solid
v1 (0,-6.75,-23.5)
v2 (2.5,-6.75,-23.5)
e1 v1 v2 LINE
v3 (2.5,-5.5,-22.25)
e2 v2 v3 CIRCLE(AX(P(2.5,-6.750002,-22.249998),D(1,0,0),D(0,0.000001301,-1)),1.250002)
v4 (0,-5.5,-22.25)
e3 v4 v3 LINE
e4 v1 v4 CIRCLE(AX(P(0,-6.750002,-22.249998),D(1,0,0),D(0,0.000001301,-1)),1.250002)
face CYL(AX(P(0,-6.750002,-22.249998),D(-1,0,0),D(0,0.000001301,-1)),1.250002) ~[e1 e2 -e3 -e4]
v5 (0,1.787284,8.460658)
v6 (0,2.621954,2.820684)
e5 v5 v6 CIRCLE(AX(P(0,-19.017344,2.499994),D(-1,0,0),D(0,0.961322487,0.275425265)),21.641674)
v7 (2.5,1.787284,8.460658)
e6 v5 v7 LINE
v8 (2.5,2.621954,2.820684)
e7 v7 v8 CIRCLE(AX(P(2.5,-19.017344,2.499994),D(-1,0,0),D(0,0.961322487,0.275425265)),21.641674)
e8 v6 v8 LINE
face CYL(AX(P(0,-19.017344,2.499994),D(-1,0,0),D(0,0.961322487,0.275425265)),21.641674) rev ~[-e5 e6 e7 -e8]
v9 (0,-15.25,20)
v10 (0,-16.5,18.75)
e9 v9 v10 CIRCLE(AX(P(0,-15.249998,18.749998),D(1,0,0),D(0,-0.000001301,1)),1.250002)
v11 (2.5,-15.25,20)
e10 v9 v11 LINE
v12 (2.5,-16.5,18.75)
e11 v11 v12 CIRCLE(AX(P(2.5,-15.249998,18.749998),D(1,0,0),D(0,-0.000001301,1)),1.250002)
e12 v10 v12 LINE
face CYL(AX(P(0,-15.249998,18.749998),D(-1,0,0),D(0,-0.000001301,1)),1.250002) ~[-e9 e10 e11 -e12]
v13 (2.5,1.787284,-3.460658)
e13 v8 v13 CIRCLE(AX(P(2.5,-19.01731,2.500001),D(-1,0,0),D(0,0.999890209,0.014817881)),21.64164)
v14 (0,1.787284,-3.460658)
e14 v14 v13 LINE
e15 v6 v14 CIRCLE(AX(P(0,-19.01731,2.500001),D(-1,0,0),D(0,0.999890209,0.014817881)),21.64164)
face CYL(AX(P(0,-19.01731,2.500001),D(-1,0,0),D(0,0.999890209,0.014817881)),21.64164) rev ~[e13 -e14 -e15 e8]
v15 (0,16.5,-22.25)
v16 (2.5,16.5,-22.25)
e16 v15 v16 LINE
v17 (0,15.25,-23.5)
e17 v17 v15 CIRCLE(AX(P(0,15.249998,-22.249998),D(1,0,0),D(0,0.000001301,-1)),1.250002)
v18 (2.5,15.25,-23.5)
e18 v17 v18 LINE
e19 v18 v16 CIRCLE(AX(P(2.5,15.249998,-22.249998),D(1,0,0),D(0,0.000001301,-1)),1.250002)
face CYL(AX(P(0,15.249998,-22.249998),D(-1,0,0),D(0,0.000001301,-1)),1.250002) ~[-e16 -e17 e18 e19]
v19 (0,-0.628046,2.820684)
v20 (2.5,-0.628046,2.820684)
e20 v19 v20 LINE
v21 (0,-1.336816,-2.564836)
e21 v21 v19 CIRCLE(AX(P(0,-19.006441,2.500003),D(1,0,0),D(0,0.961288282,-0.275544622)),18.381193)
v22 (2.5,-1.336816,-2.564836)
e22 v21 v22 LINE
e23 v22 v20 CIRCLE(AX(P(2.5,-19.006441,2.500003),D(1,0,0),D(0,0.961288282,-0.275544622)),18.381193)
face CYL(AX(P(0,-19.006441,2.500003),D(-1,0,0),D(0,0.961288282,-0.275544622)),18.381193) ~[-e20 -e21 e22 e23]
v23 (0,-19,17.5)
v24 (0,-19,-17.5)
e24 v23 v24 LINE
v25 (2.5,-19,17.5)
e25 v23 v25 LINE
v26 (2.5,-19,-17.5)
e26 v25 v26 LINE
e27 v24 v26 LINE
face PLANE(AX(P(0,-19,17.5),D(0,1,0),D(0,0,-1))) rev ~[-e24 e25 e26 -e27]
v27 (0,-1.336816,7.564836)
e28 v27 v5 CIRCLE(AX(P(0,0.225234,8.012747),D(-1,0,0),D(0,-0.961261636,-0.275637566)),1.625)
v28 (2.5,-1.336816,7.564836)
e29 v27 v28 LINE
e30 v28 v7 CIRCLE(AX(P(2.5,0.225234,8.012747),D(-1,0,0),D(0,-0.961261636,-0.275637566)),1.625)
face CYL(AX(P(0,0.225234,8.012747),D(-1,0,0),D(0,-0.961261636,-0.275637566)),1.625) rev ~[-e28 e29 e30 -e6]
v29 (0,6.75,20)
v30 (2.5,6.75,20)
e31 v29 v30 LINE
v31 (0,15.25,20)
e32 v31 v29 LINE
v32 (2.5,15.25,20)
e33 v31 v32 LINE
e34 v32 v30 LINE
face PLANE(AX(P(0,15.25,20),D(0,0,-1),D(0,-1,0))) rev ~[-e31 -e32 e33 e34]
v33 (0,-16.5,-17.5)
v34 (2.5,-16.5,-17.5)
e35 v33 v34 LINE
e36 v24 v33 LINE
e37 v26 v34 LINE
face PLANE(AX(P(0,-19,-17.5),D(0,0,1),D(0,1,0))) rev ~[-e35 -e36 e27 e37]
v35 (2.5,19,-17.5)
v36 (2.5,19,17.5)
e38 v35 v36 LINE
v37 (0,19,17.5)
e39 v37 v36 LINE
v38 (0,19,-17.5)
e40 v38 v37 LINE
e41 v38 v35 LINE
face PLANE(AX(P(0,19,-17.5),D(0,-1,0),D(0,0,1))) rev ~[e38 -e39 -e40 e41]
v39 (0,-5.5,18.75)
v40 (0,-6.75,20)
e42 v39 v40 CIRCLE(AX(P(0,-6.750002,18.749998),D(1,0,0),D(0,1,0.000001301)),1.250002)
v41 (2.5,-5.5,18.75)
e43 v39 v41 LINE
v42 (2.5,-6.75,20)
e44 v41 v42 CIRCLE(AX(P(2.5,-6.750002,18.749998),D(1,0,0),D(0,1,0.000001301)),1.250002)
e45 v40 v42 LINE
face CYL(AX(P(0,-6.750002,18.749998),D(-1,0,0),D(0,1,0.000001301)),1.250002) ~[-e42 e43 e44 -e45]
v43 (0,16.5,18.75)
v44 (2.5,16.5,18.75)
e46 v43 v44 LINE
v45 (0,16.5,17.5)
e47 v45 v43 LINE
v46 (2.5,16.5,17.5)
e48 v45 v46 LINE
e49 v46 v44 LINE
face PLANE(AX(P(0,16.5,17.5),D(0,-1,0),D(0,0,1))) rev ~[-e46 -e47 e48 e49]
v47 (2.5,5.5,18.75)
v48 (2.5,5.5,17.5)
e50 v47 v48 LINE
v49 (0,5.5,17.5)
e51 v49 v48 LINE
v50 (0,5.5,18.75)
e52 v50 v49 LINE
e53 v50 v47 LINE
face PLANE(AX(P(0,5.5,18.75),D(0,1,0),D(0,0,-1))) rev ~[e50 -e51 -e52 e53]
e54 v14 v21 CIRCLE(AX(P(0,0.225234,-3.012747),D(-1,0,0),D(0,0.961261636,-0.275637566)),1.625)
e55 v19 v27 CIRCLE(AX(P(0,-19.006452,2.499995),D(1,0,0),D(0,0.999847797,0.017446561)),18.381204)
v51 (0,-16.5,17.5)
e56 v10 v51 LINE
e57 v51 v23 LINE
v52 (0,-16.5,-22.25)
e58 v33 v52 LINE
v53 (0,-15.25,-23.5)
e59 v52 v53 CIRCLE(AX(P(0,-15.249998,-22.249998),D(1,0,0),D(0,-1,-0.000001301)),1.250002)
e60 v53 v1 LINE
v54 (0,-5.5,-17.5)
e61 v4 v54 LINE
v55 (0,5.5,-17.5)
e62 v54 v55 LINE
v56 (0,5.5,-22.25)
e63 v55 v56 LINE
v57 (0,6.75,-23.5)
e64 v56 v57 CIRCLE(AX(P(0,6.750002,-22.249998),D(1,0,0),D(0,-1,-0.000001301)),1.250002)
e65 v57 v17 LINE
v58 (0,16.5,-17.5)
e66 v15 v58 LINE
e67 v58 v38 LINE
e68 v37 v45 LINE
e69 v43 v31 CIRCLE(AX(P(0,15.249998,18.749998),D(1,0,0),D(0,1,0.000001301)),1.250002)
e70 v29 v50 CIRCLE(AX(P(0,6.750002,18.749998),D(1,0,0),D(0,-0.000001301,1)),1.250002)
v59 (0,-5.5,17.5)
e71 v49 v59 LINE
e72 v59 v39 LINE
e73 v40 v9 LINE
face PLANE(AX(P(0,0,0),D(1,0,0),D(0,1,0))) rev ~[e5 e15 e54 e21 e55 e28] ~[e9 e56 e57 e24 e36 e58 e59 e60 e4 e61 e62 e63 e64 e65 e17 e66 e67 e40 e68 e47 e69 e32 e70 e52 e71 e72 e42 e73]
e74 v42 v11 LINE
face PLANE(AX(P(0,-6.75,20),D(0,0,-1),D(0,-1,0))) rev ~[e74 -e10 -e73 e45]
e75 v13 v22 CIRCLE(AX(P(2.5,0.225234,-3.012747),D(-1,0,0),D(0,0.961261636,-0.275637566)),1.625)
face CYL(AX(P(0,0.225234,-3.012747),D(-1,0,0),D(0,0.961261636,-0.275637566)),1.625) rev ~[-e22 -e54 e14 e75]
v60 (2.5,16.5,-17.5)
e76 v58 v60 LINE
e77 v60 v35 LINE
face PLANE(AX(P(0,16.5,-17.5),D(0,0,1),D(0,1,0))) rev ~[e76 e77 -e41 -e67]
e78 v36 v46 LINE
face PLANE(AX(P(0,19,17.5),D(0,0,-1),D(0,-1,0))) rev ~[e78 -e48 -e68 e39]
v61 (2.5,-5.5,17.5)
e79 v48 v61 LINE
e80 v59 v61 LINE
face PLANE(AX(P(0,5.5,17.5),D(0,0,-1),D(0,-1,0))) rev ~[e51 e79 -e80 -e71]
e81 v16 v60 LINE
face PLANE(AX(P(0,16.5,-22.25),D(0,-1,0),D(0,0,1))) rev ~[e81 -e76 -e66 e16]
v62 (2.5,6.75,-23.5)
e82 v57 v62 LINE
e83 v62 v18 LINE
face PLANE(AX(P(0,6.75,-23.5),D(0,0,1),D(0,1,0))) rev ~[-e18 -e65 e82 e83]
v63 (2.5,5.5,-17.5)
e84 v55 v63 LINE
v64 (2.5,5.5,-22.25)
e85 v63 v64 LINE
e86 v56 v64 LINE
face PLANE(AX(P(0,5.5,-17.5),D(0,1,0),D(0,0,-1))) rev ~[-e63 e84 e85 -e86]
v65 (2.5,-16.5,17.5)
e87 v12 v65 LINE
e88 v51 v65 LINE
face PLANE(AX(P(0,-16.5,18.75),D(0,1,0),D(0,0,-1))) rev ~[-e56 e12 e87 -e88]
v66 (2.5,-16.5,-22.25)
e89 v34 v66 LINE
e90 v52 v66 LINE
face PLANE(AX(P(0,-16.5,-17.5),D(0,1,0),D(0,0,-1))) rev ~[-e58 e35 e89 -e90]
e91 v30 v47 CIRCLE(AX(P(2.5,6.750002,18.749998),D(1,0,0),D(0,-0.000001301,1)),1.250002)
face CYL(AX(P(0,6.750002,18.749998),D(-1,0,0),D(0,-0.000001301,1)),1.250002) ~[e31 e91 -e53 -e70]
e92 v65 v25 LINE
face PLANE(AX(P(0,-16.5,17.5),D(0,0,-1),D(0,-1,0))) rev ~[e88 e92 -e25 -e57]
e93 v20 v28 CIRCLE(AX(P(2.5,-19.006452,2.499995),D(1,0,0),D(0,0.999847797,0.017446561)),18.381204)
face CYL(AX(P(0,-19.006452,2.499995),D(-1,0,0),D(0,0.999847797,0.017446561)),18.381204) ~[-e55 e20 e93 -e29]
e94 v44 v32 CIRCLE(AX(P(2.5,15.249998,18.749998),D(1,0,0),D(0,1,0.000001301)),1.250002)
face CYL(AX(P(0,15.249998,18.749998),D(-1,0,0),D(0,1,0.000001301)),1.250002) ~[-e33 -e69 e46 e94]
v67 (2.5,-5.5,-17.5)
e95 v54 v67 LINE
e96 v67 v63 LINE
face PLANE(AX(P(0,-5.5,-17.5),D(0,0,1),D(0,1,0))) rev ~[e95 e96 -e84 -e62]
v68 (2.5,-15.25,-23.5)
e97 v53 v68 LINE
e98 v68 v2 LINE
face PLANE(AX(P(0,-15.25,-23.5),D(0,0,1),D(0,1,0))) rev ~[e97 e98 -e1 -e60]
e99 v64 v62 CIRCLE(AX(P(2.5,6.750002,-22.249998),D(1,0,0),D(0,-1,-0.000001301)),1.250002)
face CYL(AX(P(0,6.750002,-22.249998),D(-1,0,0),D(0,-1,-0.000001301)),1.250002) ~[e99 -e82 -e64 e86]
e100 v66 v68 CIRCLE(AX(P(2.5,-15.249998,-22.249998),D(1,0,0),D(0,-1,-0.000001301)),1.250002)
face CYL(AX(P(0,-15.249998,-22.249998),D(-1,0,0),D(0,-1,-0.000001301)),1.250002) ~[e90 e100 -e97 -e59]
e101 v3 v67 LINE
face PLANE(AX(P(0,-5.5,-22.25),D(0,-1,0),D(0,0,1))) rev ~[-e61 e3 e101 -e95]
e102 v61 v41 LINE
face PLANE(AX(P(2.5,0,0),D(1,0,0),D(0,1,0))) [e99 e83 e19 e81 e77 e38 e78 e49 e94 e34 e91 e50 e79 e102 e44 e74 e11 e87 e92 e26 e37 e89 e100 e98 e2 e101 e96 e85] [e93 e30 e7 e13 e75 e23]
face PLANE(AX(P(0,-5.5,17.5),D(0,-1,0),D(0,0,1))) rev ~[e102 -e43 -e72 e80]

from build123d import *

# Parameters (mm, degrees)
F1_DEPTH = 2.5


with BuildPart() as f1:
    # F0 (on Right) → F1 (new body)
    with BuildSketch(Plane.YZ):
        Polygon((-16.5, 17.5), (-19, 17.5), (-19, 2.5), (-19, -17.5), (-16.5, -17.5), (-5.5, -17.5), (5.5, -17.5), (16.5, -17.5), (19, -17.5), (19, 17.5), (16.5, 17.5), (5.5, 17.5), (-5.5, 17.5), align=None)
        with BuildLine():
            Line((-1.336816, -2.564836), (-19, 2.5))
            Line((-19, 2.5), (-1.336816, 7.564836))
            ThreePointArc((-1.336816, 7.564836), (-0.222677, 9.574797), (1.787284, 8.460658))
            ThreePointArc((1.787284, 8.460658), (2.39116, 5.668277), (2.621954, 2.820684))
            ThreePointArc((2.621954, 2.820684), (2.435757, -0.350701), (1.787284, -3.460658))
            ThreePointArc((1.787284, -3.460658), (-0.222677, -4.574797), (-1.336816, -2.564836))
        make_face(mode=Mode.SUBTRACT)
        with BuildLine():
            Line((-1.336816, 7.564836), (-19, 2.5))
            Line((-19, 2.5), (-0.628046, 2.820684))
            ThreePointArc((-0.628046, 2.820684), (-0.827011, 5.21598), (-1.336816, 7.564836))
        make_face()
        with BuildLine():
            Line((-0.628046, 2.820684), (-19, 2.5))
            Line((-19, 2.5), (-1.336816, -2.564836))
            ThreePointArc((-1.336816, -2.564836), (-0.782394, 0.101597), (-0.628046, 2.820684))
        make_face()
        with BuildLine():
            Line((-5.5, -17.5), (-16.5, -17.5))
            Line((-16.5, -17.5), (-16.5, -22.25))
            ThreePointArc((-16.5, -22.25), (-16.133883, -23.133883), (-15.25, -23.5))
            Line((-15.25, -23.5), (-6.75, -23.5))
            ThreePointArc((-6.75, -23.5), (-5.866117, -23.133883), (-5.5, -22.25))
            Line((-5.5, -22.25), (-5.5, -17.5))
        make_face()
        with BuildLine():
            Line((16.5, -17.5), (5.5, -17.5))
            Line((5.5, -17.5), (5.5, -22.25))
            ThreePointArc((5.5, -22.25), (5.866117, -23.133883), (6.75, -23.5))
            Line((6.75, -23.5), (15.25, -23.5))
            ThreePointArc((15.25, -23.5), (16.133883, -23.133883), (16.5, -22.25))
            Line((16.5, -22.25), (16.5, -17.5))
        make_face()
        with BuildLine():
            Line((5.5, 18.75), (5.5, 17.5))
            Line((5.5, 17.5), (16.5, 17.5))
            Line((16.5, 17.5), (16.5, 18.75))
            ThreePointArc((16.5, 18.75), (16.133883, 19.633883), (15.25, 20))
            Line((15.25, 20), (6.75, 20))
            ThreePointArc((6.75, 20), (5.866117, 19.633883), (5.5, 18.75))
        make_face()
        with BuildLine():
            Line((-16.5, 18.75), (-16.5, 17.5))
            Line((-16.5, 17.5), (-5.5, 17.5))
            Line((-5.5, 17.5), (-5.5, 18.75))
            ThreePointArc((-5.5, 18.75), (-5.866117, 19.633883), (-6.75, 20))
            Line((-6.75, 20), (-15.25, 20))
            ThreePointArc((-15.25, 20), (-16.133883, 19.633883), (-16.5, 18.75))
        make_face()
    extrude(amount=F1_DEPTH)


solid = f1.part
